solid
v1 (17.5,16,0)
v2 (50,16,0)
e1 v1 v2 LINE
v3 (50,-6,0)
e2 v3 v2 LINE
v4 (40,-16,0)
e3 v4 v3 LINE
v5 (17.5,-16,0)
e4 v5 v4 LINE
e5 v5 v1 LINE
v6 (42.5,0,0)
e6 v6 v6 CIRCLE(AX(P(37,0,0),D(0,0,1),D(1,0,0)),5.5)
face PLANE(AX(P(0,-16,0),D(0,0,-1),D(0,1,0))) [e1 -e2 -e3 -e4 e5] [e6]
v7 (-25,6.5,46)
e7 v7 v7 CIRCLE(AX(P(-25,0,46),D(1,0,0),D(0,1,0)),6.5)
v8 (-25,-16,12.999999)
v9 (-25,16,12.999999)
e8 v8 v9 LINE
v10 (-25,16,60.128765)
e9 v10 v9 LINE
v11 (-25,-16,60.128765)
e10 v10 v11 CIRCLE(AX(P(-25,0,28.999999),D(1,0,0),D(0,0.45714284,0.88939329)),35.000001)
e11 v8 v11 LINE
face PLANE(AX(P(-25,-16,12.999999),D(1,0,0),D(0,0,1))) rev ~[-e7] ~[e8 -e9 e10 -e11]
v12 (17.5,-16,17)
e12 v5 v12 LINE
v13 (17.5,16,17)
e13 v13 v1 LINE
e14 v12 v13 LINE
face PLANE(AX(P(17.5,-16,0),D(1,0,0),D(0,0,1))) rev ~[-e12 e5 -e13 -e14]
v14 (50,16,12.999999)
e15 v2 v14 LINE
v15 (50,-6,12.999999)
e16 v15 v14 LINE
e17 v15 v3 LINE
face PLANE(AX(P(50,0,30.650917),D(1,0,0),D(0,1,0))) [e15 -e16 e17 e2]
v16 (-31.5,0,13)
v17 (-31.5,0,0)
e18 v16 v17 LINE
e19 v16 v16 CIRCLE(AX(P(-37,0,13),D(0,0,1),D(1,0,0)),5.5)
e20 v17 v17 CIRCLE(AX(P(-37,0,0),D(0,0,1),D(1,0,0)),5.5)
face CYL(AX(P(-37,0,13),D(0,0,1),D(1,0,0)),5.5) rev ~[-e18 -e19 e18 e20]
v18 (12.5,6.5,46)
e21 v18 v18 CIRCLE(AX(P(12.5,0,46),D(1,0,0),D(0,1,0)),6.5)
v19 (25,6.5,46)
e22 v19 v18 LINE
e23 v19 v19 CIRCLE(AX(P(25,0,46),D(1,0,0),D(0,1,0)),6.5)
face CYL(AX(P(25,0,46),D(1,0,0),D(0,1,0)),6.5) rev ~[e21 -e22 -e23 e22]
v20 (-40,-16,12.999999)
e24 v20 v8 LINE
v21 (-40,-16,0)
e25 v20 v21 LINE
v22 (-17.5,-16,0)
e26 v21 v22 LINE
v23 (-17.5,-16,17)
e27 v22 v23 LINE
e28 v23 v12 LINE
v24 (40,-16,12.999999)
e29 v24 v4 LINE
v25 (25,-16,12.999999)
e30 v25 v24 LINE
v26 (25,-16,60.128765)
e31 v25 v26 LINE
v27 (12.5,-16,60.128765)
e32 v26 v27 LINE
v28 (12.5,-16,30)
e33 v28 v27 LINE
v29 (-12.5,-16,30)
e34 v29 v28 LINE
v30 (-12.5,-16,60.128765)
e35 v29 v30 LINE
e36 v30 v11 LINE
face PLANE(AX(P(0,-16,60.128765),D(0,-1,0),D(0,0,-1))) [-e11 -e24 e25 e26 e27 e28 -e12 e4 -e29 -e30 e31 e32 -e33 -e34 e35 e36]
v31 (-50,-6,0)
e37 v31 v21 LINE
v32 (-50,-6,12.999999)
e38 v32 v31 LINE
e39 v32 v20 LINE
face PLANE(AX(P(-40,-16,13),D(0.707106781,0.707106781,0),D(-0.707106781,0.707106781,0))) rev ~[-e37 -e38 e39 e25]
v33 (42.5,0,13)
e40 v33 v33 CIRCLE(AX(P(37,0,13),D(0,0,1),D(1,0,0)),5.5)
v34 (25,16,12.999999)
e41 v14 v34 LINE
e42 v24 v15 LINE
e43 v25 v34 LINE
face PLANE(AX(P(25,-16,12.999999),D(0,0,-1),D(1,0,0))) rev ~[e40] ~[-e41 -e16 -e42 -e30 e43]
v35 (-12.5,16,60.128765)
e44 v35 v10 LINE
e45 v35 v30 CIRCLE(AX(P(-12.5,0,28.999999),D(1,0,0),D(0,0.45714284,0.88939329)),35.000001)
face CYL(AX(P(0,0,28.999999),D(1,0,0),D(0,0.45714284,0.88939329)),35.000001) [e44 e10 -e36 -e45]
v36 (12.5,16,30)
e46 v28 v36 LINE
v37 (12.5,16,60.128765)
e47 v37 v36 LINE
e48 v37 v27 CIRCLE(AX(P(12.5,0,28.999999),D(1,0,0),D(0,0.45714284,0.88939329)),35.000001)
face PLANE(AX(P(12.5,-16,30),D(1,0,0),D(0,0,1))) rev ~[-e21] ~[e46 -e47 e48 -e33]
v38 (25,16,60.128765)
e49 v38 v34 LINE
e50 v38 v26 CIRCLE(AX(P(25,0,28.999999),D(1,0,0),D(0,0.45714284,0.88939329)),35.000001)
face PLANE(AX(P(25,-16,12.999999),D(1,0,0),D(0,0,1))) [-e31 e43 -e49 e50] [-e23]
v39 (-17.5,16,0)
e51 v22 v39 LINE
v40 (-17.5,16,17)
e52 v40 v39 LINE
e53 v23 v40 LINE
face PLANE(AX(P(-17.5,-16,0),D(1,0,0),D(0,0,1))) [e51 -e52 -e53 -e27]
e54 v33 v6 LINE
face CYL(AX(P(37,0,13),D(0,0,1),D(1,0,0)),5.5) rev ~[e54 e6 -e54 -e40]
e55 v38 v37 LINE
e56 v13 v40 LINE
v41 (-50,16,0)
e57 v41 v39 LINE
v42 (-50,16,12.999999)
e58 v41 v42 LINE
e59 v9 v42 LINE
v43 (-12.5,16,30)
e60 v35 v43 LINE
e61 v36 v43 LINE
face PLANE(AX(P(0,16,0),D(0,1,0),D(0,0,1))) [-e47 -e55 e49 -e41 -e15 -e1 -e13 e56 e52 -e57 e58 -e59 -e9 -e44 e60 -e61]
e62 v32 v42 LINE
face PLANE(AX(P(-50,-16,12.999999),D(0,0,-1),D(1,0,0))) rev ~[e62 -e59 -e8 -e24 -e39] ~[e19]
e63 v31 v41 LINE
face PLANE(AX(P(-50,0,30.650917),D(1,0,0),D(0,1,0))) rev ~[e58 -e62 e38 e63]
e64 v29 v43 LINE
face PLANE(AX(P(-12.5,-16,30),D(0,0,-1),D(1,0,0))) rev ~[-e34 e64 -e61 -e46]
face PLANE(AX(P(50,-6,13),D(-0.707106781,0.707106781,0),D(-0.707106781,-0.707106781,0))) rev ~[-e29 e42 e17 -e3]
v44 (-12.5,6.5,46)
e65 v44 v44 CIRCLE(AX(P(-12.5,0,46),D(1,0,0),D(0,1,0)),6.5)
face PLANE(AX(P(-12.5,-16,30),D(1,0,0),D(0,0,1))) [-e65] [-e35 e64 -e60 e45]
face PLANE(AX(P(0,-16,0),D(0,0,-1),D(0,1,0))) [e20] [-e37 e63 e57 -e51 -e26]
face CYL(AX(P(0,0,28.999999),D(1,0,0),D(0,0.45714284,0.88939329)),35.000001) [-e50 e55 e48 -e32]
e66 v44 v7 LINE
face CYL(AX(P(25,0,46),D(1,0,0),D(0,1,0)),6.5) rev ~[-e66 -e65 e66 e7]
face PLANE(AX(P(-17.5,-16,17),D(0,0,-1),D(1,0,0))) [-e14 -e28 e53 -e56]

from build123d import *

# Parameters (mm, degrees)
F1_DEPTH = 50
F2_W     = 35
F2_H     = 17
F2_W_2   = 25
F2_H_2   = 40.236561
F2_H_3   = 60.406679
F3_DEPTH = 32.001
F4_R     = 5.5
F5_DEPTH = 13.001
F6_R     = 5.5
F7_DEPTH = 13.001
F8_R     = 6.5
F9_DEPTH = 75.001


with BuildPart() as f1:
    # F0 (on Right) → F1 (new body, symmetric)
    with BuildSketch(Plane.YZ):
        with BuildLine():
            Line((-16, 60.128765), (-16, 0))
            Line((-16, 0), (16, 0))
            Line((16, 0), (16, 60.128765))
            ThreePointArc((16, 60.128765), (0, 64), (-16, 60.128765))
        make_face()
    extrude(amount=F1_DEPTH, both=True)

    # F2 (on face) → F3 (cut, through all)
    with BuildSketch(Plane.XZ.offset(16)):
        with Locations((0, 8.5)):
            Rectangle(F2_W, F2_H)
        with Locations((0, 50.11828)):
            Rectangle(F2_W_2, F2_H_2)
        with Locations((-37.5, 43.203339)):
            Rectangle(F2_W_2, F2_H_3)
        with Locations((37.5, 43.203339)):
            Rectangle(F2_W_2, F2_H_3)
    extrude(amount=-F3_DEPTH, mode=Mode.SUBTRACT)

    # F4 (on face) → F5 (cut, through all)
    with BuildSketch(Plane.XY.offset(13)):
        Polygon((-40, -16), (-50, -6), (-50, -16), align=None)
        with Locations((-37, 0)):
            Circle(F4_R)
    extrude(amount=-F5_DEPTH, mode=Mode.SUBTRACT)

    # F6 (on face) → F7 (cut, through all)
    with BuildSketch(Plane.XY.offset(13)):
        Polygon((50, -6), (40, -16), (50, -16), align=None)
        with Locations((37, 0)):
            Circle(F6_R)
    extrude(amount=-F7_DEPTH, mode=Mode.SUBTRACT)

    # F8 (on face) → F9 (cut, through all)
    with BuildSketch(Plane.YZ.offset(25)):
        with Locations((0, 46)):
            Circle(F8_R)
    extrude(amount=-F9_DEPTH, mode=Mode.SUBTRACT)


solid = f1.part
